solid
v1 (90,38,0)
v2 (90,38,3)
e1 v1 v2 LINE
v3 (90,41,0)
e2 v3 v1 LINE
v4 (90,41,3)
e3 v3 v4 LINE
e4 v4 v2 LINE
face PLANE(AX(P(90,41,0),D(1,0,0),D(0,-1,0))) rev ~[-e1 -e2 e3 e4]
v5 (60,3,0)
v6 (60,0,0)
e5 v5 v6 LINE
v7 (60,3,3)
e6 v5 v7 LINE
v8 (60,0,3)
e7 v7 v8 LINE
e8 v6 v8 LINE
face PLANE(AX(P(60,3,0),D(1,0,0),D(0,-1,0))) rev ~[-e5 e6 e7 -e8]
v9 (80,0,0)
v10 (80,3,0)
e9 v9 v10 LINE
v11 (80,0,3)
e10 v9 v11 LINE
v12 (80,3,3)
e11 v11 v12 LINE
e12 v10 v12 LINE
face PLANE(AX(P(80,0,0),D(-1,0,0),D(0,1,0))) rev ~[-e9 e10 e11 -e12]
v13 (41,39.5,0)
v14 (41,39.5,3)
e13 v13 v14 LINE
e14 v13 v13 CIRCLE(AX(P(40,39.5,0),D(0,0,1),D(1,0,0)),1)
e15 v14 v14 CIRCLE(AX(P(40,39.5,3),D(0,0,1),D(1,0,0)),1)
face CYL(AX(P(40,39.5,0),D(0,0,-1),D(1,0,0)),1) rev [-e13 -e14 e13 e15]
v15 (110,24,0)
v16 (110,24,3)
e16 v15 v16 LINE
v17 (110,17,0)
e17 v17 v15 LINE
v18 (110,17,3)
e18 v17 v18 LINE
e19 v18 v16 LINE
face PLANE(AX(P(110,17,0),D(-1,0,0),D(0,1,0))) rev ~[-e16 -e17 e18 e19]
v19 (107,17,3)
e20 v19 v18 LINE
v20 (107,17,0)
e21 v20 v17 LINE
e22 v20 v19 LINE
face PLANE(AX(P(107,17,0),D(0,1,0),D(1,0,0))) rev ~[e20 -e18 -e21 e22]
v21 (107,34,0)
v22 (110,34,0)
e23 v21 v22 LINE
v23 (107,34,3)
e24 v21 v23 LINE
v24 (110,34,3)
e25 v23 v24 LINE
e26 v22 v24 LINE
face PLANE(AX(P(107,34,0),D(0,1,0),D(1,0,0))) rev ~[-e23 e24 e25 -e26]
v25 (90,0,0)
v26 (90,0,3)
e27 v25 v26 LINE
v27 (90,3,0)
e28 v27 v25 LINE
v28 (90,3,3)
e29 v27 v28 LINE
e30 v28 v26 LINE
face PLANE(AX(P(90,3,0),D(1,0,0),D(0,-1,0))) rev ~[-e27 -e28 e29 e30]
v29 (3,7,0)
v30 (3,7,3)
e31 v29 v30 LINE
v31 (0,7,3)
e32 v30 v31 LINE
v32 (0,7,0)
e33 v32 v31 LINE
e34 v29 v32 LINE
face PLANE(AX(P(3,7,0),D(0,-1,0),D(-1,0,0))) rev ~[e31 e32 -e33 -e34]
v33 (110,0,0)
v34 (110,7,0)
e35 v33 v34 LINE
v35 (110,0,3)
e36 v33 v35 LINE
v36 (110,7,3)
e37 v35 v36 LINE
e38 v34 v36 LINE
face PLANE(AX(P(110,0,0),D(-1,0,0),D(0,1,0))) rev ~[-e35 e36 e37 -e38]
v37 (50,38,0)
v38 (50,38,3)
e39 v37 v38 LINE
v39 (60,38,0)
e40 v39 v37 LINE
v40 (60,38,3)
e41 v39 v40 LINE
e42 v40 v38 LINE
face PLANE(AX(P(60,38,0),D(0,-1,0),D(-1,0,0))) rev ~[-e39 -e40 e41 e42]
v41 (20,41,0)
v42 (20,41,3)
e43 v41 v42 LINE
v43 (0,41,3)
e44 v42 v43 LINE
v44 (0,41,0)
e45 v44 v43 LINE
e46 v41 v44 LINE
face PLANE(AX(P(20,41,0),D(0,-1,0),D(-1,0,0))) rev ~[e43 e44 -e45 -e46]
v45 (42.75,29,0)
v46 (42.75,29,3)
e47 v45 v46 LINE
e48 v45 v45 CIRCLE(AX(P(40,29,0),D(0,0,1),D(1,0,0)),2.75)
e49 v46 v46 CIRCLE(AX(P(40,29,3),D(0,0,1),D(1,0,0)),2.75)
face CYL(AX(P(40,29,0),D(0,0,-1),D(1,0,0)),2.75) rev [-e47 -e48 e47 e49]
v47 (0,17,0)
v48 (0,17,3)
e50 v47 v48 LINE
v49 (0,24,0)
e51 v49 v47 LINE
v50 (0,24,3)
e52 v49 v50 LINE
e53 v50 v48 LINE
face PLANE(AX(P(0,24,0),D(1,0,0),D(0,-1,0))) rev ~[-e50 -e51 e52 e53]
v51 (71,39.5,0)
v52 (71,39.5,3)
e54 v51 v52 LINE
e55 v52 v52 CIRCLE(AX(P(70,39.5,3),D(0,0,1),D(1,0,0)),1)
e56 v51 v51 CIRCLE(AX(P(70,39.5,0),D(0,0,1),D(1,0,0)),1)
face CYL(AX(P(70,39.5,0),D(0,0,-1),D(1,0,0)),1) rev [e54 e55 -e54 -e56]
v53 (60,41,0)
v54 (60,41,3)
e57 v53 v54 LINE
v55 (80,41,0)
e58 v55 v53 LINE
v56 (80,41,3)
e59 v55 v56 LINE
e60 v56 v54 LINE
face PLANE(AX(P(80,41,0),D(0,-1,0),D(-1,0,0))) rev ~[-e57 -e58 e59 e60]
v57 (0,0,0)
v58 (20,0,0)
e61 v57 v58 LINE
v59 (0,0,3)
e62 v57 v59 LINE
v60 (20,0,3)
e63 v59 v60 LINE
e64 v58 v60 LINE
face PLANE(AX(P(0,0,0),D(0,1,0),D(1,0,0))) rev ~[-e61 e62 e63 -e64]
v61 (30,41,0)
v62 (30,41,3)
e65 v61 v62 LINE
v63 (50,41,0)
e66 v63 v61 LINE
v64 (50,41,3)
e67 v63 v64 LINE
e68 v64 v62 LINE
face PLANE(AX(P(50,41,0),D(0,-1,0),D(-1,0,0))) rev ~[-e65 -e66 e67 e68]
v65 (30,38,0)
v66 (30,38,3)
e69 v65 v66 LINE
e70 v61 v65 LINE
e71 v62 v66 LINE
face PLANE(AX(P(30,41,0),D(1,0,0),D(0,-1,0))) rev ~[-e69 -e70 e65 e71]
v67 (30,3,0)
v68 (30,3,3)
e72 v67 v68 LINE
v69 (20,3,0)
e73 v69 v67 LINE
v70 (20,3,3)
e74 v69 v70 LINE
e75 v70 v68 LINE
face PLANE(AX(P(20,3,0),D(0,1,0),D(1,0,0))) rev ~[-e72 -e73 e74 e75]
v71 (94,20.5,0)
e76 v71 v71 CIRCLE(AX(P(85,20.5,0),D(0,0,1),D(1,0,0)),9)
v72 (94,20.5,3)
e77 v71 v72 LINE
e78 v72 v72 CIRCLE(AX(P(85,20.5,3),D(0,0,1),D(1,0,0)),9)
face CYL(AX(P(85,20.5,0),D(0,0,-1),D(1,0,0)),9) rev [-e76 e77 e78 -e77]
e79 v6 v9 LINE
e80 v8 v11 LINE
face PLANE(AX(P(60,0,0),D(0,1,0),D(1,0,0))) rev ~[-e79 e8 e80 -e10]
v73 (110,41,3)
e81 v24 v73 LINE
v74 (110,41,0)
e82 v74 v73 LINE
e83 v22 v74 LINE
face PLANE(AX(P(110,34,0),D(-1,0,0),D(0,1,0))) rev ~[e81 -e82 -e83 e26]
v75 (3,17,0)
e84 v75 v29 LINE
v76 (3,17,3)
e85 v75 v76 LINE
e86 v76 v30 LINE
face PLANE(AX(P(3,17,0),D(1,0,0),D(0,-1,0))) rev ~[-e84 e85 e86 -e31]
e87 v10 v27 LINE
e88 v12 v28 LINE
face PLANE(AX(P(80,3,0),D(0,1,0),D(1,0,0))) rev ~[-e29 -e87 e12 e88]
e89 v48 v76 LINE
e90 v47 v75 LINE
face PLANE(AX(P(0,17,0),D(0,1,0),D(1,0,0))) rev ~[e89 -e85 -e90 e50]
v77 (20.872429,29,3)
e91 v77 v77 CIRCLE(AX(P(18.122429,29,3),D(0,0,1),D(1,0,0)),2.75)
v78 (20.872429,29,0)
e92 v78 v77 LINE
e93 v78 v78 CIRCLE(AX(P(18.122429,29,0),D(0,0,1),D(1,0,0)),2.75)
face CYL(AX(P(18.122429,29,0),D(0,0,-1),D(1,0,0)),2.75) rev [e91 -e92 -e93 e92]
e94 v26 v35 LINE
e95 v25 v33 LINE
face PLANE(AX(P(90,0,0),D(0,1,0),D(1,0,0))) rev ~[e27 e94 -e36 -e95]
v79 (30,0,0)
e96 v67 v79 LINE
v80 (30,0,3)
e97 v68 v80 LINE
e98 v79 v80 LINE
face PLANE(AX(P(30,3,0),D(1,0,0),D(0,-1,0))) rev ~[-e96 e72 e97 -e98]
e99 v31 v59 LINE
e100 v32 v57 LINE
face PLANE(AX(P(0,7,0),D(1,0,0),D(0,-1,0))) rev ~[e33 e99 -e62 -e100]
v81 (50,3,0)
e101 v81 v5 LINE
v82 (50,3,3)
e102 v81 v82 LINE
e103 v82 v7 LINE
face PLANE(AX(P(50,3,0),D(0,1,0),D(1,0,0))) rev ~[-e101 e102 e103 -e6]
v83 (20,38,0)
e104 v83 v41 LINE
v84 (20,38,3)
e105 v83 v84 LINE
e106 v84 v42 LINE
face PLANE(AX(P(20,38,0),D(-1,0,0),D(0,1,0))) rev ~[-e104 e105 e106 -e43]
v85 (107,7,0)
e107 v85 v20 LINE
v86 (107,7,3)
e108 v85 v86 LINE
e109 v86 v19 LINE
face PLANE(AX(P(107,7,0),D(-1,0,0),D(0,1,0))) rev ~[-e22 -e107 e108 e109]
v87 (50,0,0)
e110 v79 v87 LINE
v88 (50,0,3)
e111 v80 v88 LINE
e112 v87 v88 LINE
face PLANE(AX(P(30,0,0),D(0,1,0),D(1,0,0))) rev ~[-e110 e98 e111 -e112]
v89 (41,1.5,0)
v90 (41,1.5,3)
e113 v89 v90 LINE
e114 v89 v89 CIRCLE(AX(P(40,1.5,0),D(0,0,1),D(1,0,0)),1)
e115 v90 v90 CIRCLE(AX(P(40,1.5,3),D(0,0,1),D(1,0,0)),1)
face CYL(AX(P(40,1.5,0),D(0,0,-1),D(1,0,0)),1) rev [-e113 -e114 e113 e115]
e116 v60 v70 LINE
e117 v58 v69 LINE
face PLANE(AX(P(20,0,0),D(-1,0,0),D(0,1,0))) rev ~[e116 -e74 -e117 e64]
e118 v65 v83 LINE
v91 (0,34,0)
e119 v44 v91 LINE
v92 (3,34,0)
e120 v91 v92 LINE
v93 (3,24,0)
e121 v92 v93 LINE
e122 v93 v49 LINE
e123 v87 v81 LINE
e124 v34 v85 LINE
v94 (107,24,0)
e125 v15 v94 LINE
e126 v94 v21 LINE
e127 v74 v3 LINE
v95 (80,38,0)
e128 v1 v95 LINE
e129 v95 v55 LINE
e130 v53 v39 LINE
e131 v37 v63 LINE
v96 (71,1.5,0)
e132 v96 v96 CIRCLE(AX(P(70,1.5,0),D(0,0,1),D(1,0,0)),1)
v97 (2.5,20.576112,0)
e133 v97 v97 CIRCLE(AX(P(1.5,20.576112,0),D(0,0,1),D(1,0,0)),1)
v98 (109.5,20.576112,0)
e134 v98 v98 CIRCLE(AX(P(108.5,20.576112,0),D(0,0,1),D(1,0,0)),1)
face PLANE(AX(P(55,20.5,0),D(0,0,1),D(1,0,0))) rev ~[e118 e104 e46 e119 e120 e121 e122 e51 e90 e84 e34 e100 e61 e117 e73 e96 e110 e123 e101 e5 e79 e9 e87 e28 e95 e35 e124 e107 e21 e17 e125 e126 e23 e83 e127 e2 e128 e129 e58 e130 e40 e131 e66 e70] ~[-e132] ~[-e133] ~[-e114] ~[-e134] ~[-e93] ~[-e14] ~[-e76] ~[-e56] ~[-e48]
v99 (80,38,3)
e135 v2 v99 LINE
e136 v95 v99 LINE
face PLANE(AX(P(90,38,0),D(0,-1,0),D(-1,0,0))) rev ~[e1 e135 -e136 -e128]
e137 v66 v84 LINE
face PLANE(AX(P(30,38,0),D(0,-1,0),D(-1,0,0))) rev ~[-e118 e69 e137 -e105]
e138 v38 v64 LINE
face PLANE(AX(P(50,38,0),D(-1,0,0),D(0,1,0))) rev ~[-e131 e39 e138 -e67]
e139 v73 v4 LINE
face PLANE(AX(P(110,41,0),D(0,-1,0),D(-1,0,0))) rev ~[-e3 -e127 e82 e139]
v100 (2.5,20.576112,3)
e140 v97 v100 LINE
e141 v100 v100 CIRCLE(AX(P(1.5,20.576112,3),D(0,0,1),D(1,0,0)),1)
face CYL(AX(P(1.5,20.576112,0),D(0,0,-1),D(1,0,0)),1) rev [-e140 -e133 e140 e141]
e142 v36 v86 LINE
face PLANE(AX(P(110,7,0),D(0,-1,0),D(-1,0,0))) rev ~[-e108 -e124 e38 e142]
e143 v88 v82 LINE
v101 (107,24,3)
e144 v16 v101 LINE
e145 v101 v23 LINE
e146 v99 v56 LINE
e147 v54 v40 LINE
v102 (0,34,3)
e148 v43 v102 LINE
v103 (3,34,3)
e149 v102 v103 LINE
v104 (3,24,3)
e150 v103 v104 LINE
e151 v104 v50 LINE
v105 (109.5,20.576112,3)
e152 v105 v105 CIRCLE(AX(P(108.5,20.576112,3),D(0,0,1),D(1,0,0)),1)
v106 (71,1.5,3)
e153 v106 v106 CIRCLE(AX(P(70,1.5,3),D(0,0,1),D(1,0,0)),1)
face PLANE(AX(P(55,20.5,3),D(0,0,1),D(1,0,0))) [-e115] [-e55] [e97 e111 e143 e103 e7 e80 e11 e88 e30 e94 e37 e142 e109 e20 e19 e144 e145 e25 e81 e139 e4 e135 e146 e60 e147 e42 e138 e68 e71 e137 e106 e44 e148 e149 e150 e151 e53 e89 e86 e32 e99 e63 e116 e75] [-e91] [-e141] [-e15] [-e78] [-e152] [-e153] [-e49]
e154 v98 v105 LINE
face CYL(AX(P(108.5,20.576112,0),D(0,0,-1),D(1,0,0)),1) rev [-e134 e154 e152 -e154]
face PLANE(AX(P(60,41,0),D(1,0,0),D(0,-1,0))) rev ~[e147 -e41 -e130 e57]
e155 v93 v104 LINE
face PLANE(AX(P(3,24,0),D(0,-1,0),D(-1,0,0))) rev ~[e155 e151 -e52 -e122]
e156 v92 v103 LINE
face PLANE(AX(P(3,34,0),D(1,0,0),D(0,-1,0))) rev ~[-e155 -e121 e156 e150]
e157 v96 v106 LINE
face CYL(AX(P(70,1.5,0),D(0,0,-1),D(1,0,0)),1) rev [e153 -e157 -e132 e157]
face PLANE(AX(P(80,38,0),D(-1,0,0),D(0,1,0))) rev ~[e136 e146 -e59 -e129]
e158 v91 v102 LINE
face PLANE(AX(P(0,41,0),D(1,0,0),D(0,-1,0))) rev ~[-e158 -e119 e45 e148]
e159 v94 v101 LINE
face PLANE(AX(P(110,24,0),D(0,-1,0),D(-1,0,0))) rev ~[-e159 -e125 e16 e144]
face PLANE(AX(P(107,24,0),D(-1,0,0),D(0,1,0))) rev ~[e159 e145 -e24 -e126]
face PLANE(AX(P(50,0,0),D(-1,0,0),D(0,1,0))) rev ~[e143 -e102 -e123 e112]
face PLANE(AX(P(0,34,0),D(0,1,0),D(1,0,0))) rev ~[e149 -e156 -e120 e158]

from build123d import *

# Parameters (mm, degrees)
F0_R     = 1
F0_R_2   = 2.75
F0_R_3   = 9
F1_DEPTH = 3


with BuildPart() as f1:
    # F0 (on Top) → F1 (new body)
    with BuildSketch(Plane.XY):
        Polygon((0, 7), (0, 0), (20, 0), (20, 3), (30, 3), (30, 0), (50, 0), (50, 3), (55, 3), (60, 3), (60, 0), (80, 0), (80, 3), (90, 3), (90, 0), (110, 0), (110, 7), (107, 7), (107, 17), (110, 17), (110, 24), (107, 24), (107, 34), (110, 34), (110, 41), (90, 41), (90, 38), (80, 38), (80, 41), (60, 41), (60, 38), (55, 38), (50, 38), (50, 41), (30, 41), (30, 38), (20, 38), (20, 41), (0, 41), (0, 34), (3, 34), (3, 24), (0, 24), (0, 17), (3, 17), (3, 7), align=None)
        with Locations((40, 1.5)):
            Circle(F0_R, mode=Mode.SUBTRACT)
        with Locations((70, 1.5)):
            Circle(F0_R, mode=Mode.SUBTRACT)
        with Locations((1.5, 20.576112)):
            Circle(F0_R, mode=Mode.SUBTRACT)
        with Locations((18.122429, 29)):
            Circle(F0_R_2, mode=Mode.SUBTRACT)
        with Locations((40, 29)):
            Circle(F0_R_2, mode=Mode.SUBTRACT)
        with Locations((40, 39.5)):
            Circle(F0_R, mode=Mode.SUBTRACT)
        with Locations((85, 20.5)):
            Circle(F0_R_3, mode=Mode.SUBTRACT)
        with Locations((108.5, 20.576112)):
            Circle(F0_R, mode=Mode.SUBTRACT)
        with Locations((70, 39.5)):
            Circle(F0_R, mode=Mode.SUBTRACT)
    extrude(amount=F1_DEPTH)


solid = f1.part
